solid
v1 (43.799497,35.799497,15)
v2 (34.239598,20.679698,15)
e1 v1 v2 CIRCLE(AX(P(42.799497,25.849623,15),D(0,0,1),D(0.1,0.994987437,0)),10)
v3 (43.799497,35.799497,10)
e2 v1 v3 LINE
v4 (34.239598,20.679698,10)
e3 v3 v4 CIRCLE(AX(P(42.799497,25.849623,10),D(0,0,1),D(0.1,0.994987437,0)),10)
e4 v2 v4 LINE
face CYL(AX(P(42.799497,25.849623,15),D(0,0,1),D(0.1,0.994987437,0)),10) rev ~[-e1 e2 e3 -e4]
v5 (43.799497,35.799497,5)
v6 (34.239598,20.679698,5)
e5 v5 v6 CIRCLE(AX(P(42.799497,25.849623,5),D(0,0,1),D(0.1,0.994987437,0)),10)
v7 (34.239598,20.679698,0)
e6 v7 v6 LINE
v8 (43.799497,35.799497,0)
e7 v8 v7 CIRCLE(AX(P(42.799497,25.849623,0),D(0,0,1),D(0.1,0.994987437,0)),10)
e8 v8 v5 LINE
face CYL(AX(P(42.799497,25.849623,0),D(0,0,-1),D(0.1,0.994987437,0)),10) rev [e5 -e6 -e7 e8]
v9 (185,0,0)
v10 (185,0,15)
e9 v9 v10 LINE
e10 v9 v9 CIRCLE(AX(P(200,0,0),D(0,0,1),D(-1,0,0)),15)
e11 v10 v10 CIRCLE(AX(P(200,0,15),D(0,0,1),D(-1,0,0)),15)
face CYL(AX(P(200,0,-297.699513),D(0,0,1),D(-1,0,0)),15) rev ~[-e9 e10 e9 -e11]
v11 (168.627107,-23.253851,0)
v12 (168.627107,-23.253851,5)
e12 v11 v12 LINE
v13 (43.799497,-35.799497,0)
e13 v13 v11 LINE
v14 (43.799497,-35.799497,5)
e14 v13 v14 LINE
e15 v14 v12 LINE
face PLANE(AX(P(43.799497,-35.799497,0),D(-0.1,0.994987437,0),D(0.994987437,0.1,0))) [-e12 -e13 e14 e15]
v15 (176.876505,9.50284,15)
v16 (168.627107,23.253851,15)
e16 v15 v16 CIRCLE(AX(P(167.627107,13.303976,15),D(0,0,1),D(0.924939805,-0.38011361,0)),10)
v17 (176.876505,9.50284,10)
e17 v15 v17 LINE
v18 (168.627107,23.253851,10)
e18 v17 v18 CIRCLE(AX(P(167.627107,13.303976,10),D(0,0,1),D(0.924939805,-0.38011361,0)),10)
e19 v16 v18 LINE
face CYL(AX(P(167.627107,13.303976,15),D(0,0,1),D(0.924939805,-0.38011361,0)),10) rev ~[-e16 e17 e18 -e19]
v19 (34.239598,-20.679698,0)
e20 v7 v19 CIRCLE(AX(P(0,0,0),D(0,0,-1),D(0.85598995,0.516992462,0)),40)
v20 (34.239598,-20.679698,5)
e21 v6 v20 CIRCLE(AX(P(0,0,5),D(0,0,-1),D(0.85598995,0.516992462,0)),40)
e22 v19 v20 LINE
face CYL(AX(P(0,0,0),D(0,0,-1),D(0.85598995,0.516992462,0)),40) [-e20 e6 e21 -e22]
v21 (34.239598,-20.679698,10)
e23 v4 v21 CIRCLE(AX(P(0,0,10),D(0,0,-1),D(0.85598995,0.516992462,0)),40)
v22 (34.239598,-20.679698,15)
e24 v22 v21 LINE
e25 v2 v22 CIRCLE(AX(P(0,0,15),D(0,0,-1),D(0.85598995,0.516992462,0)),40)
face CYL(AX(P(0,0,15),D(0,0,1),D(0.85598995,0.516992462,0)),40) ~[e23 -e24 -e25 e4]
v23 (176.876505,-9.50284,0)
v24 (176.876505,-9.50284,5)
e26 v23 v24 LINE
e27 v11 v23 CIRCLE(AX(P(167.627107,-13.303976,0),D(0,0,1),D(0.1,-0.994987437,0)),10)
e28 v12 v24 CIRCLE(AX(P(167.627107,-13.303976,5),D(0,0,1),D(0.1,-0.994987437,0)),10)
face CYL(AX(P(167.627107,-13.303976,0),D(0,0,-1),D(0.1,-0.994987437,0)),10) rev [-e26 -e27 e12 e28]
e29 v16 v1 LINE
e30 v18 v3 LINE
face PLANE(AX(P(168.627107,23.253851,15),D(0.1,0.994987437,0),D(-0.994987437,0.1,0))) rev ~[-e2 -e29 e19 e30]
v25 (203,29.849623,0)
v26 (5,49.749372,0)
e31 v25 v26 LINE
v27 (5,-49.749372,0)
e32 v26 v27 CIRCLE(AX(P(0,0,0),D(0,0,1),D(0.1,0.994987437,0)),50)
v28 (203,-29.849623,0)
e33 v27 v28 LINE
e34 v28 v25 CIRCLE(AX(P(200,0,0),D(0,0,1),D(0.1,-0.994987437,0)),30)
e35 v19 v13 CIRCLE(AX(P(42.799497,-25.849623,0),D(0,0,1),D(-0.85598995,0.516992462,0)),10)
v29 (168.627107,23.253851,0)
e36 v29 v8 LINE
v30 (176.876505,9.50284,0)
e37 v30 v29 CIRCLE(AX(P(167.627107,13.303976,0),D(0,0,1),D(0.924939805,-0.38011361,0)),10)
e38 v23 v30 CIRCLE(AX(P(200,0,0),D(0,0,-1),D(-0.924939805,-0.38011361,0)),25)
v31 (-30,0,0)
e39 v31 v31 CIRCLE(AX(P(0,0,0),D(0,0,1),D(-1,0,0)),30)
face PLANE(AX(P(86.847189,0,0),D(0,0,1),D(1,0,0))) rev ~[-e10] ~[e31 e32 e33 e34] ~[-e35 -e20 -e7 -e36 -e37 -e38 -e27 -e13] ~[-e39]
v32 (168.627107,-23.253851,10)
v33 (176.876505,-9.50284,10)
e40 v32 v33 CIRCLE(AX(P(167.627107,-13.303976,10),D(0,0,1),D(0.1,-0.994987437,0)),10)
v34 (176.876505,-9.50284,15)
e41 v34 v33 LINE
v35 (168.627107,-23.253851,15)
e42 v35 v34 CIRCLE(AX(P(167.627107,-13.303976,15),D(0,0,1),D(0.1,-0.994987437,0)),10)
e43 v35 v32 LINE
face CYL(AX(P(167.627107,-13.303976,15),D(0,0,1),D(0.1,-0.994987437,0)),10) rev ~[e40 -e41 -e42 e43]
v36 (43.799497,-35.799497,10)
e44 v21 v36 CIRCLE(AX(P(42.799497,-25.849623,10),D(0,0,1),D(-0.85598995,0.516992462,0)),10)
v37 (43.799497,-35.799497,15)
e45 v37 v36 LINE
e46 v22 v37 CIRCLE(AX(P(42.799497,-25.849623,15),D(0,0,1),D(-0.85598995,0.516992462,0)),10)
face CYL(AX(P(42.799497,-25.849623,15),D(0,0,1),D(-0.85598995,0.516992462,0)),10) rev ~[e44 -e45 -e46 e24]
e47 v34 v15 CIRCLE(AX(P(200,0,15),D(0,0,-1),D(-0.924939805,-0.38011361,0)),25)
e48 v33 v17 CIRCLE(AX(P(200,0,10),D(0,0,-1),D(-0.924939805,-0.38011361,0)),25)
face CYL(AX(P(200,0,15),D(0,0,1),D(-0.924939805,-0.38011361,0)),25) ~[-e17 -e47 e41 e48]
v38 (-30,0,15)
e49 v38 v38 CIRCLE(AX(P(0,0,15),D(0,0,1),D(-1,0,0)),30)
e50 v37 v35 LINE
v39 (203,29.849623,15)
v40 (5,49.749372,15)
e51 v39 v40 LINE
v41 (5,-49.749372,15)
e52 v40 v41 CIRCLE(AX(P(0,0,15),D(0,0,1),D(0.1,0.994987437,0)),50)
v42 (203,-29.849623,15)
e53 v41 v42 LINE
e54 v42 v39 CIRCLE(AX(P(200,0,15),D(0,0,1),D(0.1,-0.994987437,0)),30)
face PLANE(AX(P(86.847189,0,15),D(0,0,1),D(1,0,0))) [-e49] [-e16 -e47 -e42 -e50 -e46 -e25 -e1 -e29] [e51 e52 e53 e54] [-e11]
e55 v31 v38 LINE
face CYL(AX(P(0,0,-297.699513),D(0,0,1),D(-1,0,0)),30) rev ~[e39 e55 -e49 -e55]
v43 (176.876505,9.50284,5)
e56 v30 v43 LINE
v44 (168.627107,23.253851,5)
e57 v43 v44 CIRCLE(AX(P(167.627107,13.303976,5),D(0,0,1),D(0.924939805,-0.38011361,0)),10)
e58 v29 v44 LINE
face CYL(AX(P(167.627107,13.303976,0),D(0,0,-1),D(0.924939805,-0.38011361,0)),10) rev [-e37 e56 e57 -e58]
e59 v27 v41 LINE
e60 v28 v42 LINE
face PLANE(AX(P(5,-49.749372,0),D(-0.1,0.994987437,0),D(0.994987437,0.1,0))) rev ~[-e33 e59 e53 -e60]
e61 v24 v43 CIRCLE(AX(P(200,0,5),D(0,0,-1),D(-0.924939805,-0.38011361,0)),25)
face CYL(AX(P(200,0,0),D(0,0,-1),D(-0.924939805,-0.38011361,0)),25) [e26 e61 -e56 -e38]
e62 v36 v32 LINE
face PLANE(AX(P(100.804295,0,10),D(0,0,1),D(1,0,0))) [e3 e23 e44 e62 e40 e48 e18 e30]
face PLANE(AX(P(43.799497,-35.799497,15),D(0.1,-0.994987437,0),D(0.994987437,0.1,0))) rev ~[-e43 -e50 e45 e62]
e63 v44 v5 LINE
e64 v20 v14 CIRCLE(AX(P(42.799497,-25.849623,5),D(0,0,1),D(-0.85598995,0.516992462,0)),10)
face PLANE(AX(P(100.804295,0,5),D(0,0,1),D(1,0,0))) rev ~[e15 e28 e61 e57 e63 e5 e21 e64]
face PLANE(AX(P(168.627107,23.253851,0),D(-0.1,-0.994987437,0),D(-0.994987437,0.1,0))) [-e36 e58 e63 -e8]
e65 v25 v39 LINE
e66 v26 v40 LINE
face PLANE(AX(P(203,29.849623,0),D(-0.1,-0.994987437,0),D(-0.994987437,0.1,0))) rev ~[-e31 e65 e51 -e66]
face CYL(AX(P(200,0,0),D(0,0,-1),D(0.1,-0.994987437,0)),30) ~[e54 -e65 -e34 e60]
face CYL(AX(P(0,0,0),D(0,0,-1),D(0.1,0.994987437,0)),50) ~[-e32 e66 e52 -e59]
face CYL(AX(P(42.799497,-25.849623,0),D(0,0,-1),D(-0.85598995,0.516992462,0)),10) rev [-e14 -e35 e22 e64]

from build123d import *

# Parameters (mm, degrees)
F1_DEPTH = 15
F3_D     = 60
F4_D     = 30
F6_DEPTH = 5
F8_DEPTH = 5


with BuildPart() as f1:
    # F0 (on Top) → F1 (new body)
    with BuildSketch(Plane.XY):
        with BuildLine():
            Line((203, 29.8496231132), (5, 49.7493718553))
            ThreePointArc((5, 49.7493718553), (-50, 0), (5, -49.7493718553))
            Line((5, -49.7493718553), (203, -29.8496231132))
            ThreePointArc((203, -29.8496231132), (230, 0), (203, 29.8496231132))
        make_face()
    extrude(amount=F1_DEPTH)

    # F3 (through all)
    with Locations(Plane(origin=(0, 0, 0), x_dir=(1, 0, 0), z_dir=(0, 0, -1))):
        with Locations((0, 0)):
            Hole(F3_D / 2)

    # F4 (through all)
    with Locations(Plane(origin=(0, 0, 0), x_dir=(1, 0, 0), z_dir=(0, 0, -1))):
        with Locations((200, 0)):
            Hole(F4_D / 2)

    # F5 (on face) → F6 (cut)
    with BuildSketch(Plane.XY.offset(15)):
        with BuildLine():
            Line((168.6271068081, 23.2538507084), (43.7994974843, 35.7994974843))
            ThreePointArc((43.7994974843, 35.7994974843), (34.3472728952, 31.1937693965), (34.2395979874, 20.6796984906))
            ThreePointArc((34.2395979874, 20.6796984906), (40, 0), (34.2395979874, -20.6796984906))
            ThreePointArc((34.2395979874, -20.6796984906), (34.3472728952, -31.1937693965), (43.7994974843, -35.7994974843))
            Line((43.7994974843, -35.7994974843), (168.6271068081, -23.2538507084))
            ThreePointArc((168.6271068081, -23.2538507084), (176.2023684566, -18.4483798654), (176.8765048629, -9.5028402409))
            ThreePointArc((176.8765048629, -9.5028402409), (175, 0), (176.8765048629, 9.5028402409))
            ThreePointArc((176.8765048629, 9.5028402409), (176.2023684566, 18.4483798654), (168.6271068081, 23.2538507084))
        make_face()
    extrude(amount=-F6_DEPTH, mode=Mode.SUBTRACT)

    # F7 (on Top) → F8 (cut)
    with BuildSketch(Plane.XY):
        with BuildLine():
            Line((168.6271068081, 23.2538507084), (43.7994974843, 35.7994974843))
            ThreePointArc((43.7994974843, 35.7994974843), (34.3472728952, 31.1937693965), (34.2395979874, 20.6796984906))
            ThreePointArc((34.2395979874, 20.6796984906), (40, 0), (34.2395979874, -20.6796984906))
            ThreePointArc((34.2395979874, -20.6796984906), (34.3472728952, -31.1937693965), (43.7994974843, -35.7994974843))
            Line((43.7994974843, -35.7994974843), (168.6271068081, -23.2538507084))
            ThreePointArc((168.6271068081, -23.2538507084), (176.2023684566, -18.4483798654), (176.8765048629, -9.5028402409))
            ThreePointArc((176.8765048629, -9.5028402409), (175, 0), (176.8765048629, 9.5028402409))
            ThreePointArc((176.8765048629, 9.5028402409), (176.2023684566, 18.4483798654), (168.6271068081, 23.2538507084))
        make_face()
    extrude(amount=F8_DEPTH, mode=Mode.SUBTRACT)


solid = f1.part
